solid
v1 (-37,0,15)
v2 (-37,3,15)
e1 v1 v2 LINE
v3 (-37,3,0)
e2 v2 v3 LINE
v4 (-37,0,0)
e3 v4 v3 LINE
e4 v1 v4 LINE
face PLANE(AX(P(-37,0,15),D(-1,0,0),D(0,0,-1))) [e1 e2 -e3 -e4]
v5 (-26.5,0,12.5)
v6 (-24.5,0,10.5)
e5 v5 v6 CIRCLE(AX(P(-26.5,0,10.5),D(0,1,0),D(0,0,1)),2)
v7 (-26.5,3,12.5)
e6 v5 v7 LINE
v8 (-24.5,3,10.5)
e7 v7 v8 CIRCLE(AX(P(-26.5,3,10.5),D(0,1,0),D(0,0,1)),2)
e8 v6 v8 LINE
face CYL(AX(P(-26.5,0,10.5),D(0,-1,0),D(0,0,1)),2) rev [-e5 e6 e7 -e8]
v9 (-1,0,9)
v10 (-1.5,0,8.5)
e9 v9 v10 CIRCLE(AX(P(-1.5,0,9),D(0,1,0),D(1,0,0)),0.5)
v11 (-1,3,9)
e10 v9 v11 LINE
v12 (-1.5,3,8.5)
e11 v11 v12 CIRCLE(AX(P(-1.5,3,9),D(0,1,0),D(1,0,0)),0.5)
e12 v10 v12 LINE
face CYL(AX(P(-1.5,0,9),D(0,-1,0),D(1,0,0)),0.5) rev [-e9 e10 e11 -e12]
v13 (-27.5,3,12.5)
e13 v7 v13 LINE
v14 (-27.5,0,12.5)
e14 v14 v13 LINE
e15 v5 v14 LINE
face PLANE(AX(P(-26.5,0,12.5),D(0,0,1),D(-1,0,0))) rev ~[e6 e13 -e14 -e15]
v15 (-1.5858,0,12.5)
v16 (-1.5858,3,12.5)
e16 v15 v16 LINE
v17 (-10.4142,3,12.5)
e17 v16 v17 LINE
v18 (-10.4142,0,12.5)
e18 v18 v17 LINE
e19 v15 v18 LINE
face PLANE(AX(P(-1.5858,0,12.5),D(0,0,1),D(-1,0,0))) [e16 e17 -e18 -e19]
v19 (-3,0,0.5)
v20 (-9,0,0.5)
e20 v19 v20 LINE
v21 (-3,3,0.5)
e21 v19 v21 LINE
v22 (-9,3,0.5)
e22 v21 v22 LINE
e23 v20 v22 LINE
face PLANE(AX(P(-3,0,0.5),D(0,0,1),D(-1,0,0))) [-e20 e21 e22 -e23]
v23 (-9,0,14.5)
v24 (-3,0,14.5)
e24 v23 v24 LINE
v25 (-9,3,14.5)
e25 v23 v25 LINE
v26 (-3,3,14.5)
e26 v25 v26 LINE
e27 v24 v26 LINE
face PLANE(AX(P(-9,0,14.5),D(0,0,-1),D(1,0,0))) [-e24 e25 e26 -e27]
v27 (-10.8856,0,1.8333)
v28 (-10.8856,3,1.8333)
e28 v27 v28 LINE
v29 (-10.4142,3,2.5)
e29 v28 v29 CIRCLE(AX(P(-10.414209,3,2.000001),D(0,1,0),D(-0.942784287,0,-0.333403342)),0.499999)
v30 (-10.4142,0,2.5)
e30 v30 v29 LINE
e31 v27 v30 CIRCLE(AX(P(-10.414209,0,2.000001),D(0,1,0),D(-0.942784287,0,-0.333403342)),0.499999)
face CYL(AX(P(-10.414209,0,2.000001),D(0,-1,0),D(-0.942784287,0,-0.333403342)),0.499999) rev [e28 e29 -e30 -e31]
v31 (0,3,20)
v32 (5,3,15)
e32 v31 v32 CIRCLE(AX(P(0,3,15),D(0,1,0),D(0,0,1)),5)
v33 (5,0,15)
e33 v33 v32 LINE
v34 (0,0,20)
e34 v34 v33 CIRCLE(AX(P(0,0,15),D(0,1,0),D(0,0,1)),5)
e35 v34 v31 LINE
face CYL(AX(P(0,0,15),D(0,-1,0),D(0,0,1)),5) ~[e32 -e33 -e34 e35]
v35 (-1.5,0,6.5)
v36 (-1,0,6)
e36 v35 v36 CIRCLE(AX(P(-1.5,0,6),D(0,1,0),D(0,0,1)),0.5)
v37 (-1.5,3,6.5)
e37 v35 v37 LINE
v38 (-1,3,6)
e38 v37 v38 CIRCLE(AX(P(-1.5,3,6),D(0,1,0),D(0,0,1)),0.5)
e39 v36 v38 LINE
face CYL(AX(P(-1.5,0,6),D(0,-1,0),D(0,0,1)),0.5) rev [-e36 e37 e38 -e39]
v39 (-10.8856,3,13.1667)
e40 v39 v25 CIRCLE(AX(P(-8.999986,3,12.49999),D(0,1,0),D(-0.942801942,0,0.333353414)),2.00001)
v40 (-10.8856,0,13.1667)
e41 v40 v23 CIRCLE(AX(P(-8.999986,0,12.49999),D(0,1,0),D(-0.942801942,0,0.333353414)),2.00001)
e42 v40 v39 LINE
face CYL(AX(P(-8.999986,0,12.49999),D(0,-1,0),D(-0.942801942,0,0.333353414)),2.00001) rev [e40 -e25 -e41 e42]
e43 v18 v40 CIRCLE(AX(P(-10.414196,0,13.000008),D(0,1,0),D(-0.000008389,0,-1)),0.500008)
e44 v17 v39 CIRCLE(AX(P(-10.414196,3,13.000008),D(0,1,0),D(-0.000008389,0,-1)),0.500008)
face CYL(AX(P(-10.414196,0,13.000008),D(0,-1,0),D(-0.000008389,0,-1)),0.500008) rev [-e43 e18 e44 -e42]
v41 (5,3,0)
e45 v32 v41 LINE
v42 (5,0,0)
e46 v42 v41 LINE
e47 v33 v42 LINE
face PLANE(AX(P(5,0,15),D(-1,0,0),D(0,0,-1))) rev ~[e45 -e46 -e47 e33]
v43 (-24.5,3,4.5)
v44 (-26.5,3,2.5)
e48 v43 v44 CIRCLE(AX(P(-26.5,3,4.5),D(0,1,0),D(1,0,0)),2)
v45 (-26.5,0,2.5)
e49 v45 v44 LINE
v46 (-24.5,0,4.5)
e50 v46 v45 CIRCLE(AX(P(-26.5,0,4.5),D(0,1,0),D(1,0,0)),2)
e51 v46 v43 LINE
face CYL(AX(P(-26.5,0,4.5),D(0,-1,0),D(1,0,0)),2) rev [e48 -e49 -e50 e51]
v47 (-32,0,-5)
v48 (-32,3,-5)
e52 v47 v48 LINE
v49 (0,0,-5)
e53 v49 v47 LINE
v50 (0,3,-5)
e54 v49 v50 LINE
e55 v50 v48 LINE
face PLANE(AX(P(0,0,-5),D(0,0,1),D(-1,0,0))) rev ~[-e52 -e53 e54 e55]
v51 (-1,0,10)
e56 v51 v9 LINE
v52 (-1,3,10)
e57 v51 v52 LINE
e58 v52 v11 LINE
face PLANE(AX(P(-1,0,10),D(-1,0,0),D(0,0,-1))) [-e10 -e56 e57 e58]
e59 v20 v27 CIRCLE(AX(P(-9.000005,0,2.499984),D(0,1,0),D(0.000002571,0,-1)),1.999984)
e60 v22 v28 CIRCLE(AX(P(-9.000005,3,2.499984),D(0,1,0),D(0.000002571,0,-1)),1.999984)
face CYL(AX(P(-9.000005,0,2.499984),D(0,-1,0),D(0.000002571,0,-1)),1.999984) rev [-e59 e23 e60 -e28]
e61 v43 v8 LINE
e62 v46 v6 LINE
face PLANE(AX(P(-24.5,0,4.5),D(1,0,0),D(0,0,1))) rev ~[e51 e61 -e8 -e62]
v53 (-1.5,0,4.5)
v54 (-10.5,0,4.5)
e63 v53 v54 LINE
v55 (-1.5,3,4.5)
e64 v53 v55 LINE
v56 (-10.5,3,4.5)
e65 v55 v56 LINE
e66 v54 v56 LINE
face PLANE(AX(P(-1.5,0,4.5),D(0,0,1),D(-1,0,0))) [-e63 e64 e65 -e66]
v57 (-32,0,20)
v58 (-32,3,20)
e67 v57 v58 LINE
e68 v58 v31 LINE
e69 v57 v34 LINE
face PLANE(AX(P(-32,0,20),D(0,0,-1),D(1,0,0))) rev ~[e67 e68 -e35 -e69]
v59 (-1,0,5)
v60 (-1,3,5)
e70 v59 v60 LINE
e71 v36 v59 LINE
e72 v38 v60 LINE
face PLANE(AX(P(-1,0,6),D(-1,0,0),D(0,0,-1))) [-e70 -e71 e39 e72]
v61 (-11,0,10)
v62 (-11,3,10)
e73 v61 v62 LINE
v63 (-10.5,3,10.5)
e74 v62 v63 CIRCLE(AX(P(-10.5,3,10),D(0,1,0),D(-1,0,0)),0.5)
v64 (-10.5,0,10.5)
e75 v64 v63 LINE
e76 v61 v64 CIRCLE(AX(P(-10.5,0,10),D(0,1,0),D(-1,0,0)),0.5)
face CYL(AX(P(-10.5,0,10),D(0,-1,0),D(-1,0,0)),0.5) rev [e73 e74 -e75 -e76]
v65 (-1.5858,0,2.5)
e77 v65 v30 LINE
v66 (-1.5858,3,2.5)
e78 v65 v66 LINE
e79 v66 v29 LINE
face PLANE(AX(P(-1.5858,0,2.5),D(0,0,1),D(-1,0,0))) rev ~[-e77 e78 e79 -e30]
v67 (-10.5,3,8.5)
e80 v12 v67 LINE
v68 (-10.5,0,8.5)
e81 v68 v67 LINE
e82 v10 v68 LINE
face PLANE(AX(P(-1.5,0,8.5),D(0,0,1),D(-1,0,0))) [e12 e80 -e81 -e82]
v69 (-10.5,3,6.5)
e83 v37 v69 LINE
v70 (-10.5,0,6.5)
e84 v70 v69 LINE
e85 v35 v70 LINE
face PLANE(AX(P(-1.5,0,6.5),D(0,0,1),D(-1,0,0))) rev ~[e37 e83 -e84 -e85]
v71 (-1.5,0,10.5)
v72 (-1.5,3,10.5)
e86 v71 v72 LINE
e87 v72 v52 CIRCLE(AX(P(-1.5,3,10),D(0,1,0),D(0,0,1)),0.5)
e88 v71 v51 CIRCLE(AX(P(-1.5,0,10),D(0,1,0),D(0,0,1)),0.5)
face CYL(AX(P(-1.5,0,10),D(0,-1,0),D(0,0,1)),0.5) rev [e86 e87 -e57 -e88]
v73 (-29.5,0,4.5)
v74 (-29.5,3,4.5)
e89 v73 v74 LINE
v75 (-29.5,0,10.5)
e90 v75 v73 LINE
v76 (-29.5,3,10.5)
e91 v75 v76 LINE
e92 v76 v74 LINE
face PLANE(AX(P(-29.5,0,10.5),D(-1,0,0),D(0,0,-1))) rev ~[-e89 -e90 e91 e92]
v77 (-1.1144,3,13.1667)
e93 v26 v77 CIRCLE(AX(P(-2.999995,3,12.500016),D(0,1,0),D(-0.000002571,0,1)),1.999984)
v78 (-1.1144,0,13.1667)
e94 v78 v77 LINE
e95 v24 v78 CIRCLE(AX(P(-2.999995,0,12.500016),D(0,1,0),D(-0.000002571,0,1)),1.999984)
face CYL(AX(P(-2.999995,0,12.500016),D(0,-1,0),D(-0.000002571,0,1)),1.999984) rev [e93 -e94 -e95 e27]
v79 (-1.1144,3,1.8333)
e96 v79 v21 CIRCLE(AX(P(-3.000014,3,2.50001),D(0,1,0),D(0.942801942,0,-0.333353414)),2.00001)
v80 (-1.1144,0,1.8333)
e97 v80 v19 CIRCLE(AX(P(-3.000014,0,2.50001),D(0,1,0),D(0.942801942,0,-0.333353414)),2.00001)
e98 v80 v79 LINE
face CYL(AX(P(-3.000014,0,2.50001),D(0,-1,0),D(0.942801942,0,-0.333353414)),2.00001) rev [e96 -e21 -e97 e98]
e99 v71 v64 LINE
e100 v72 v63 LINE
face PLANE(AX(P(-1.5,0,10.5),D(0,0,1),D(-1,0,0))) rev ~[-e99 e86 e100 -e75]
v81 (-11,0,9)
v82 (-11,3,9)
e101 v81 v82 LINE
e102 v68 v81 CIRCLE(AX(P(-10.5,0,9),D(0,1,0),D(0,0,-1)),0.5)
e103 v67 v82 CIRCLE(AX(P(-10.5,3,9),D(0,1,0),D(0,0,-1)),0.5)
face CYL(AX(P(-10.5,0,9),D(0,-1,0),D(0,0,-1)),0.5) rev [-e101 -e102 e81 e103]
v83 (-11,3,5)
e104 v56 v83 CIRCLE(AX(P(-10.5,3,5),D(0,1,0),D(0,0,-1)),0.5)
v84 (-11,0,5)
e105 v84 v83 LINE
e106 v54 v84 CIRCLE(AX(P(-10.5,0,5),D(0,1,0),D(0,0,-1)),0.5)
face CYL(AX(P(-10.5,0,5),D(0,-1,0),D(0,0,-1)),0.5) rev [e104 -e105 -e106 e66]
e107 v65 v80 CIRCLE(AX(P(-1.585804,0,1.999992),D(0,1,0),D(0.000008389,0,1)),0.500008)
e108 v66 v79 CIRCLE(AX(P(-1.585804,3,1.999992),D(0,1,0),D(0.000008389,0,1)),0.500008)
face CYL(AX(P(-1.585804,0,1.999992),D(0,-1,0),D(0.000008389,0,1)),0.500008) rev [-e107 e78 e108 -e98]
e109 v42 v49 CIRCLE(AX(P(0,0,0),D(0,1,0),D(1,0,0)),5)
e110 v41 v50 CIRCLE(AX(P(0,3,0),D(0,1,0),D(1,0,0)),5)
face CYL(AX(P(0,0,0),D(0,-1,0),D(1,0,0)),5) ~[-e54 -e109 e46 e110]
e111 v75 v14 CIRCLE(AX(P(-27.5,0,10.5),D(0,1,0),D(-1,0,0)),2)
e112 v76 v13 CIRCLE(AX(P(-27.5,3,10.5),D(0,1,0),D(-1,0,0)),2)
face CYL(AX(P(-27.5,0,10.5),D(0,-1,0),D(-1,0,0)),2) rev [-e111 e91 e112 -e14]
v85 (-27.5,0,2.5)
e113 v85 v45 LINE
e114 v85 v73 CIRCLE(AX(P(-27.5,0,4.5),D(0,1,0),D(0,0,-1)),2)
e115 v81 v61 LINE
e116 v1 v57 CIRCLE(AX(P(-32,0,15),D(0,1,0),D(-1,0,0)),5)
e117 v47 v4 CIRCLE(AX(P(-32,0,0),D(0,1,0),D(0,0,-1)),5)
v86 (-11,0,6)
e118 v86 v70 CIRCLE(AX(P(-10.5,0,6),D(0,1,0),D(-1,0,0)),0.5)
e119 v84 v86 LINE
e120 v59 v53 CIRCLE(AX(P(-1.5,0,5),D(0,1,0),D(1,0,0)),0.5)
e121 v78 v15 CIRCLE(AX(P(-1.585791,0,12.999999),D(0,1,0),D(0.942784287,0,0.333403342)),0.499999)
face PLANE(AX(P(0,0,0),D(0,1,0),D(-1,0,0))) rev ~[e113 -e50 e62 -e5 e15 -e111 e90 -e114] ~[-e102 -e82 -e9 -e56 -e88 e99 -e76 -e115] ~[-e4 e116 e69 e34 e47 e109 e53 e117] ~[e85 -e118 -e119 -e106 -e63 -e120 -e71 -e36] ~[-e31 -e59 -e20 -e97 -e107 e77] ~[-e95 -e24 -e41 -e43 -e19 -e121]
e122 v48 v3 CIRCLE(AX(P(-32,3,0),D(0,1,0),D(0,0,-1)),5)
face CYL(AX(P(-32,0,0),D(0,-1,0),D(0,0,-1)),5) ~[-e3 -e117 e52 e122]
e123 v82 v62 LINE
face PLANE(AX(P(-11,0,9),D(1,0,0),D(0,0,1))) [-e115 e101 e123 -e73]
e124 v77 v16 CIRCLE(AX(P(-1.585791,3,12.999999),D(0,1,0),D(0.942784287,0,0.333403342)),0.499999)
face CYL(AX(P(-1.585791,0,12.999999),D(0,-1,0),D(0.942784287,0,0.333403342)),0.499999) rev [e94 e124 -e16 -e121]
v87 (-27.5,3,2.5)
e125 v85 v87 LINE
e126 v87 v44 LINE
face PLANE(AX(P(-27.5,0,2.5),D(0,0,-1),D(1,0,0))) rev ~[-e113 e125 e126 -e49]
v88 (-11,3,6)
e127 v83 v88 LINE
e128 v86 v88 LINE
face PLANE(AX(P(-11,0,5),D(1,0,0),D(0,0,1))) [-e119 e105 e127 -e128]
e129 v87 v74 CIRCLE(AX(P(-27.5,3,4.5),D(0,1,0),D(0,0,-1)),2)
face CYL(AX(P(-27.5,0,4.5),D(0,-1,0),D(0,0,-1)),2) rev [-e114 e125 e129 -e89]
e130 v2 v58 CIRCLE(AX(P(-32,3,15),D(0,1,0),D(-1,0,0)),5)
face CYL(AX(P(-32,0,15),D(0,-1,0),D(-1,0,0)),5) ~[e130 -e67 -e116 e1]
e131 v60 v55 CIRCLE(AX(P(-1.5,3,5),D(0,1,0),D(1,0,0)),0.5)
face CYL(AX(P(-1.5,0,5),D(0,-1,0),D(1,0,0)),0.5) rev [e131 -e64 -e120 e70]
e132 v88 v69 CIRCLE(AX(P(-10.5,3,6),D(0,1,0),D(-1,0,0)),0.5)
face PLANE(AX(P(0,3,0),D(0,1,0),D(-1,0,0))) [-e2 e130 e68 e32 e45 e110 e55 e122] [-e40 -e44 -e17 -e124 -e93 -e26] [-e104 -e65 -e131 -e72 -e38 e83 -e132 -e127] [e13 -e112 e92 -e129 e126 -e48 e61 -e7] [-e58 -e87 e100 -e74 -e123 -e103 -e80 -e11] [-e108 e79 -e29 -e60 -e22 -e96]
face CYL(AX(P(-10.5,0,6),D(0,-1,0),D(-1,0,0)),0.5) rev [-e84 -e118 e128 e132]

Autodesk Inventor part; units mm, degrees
ref_plane "YZ Plane" through (0, 0, 0) normal (1, 0, 0) x (0, 1, 0)
ref_plane "XZ Plane" through (0, 0, 0) normal (0, 1, 0) x (-1, 0, 0)
ref_plane "XY Plane" through (0, 0, 0) normal (0, 0, 1) x (1, 0, 0)
sketch "Sketch1" plane through (0, 0, 0) normal (0, 1, 0) x (-1, 0, 0)
  line L0 (0, -5) -> (32, -5)
  line L1 (32, 20) -> (0, 20)
  line L2 (-5, 15) -> (-5, 0)
  arc A0 (0, 20) -> (-5, 15) centre (0, 15) ccw
  arc A1 (-5, 0) -> (0, -5) centre (0, 0) ccw
  line L3 (3, 0.5) -> (9, 0.5)
  line L4 (9, 14.5) -> (3, 14.5)
  line L5 (1.5858, 12.5) -> (10.4142, 12.5)
  line L6 (1.5, 10.5) -> (10.5, 10.5)
  line L7 (1.5, 8.5) -> (10.5, 8.5)
  line L8 (1.5, 6.5) -> (10.5, 6.5)
  line L9 (1.5, 4.5) -> (10.5, 4.5)
  line L10 (1.5858, 2.5) -> (10.4142, 2.5)
  arc A2 (3, 14.5) -> (1.1144, 13.1667) centre (3, 12.5) ccw
  arc A3 (10.8856, 13.1667) -> (9, 14.5) centre (9, 12.5) ccw
  arc A4 (1.1144, 1.8333) -> (3, 0.5) centre (3, 2.5) ccw
  arc A5 (9, 0.5) -> (10.8856, 1.8333) centre (9, 2.5) ccw
  line L11 (11, 5) -> (11, 6)
  line L12 (1, 6) -> (1, 5)
  line L13 (1, 10) -> (1, 9)
  line L14 (11, 9) -> (11, 10)
  arc A6 (1.5858, 2.5) -> (1.1144, 1.8333) centre (1.5858, 2) ccw
  arc A7 (10.8856, 1.8333) -> (10.4142, 2.5) centre (10.4142, 2) ccw
  arc A8 (10.5, 4.5) -> (11, 5) centre (10.5, 5) ccw
  arc A9 (11, 6) -> (10.5, 6.5) centre (10.5, 6) ccw
  arc A10 (1.5, 6.5) -> (1, 6) centre (1.5, 6) ccw
  arc A11 (1, 5) -> (1.5, 4.5) centre (1.5, 5) ccw
  arc A12 (1, 9) -> (1.5, 8.5) centre (1.5, 9) ccw
  arc A13 (1.5, 10.5) -> (1, 10) centre (1.5, 10) ccw
  arc A14 (11, 10) -> (10.5, 10.5) centre (10.5, 10) ccw
  arc A15 (10.5, 8.5) -> (11, 9) centre (10.5, 9) ccw
  arc A16 (1.1144, 13.1667) -> (1.5858, 12.5) centre (1.5858, 13) ccw
  arc A17 (10.4142, 12.5) -> (10.8856, 13.1667) centre (10.4142, 13) ccw
  arc A18 (37, 15) -> (32, 20) centre (32, 15) ccw
  arc A19 (32, -5) -> (37, 0) centre (32, 0) ccw
  line L15 (37, 15) -> (37, 0)
  line L16 (26.5, 12.5) -> (27.5, 12.5)
  line L17 (29.5, 10.5) -> (29.5, 4.5)
  line L18 (27.5, 2.5) -> (26.5, 2.5)
  line L19 (24.5, 4.5) -> (24.5, 10.5)
  arc A20 (26.5, 12.5) -> (24.5, 10.5) centre (26.5, 10.5) ccw
  arc A21 (29.5, 10.5) -> (27.5, 12.5) centre (27.5, 10.5) ccw
  arc A22 (27.5, 2.5) -> (29.5, 4.5) centre (27.5, 4.5) ccw
  arc A23 (24.5, 4.5) -> (26.5, 2.5) centre (26.5, 4.5) ccw
  point P0 (-5, -5)
  point P1 (-5, 20)
  point P2 (37, -5)
  point P3 (24.5, 12.5)
  point P4 (29.5, 12.5)
  dimension "d0" = 42
  dimension "d2" = 25
  dimension "d3" = 5
  dimension "d4" = 5
  dimension "d5" = 5
  dimension "d8" = 5.5
  dimension "d10" = 2
  dimension "d15" = 2
  dimension "d16" = 2
  dimension "d17" = 2
  dimension "d18" = 2
  dimension "d19" = 2
  dimension "d21" = 2
  dimension "d23" = 0.5
  dimension "d30" = 2
  dimension "d31" = 6
  dimension "d32" = 16
  dimension "d37" = 5
  dimension "d41" = 5
  dimension "d42" = 42
  dimension "d43" = 7.5
  dimension "d44" = 10
  dimension "d45" = 7.5
  dimension "d46" = 2
  dimension "d49" = 5
extrude "Extrusion2" add sketch "Sketch1" along normal blind 3
properties part number "Top Block2"
